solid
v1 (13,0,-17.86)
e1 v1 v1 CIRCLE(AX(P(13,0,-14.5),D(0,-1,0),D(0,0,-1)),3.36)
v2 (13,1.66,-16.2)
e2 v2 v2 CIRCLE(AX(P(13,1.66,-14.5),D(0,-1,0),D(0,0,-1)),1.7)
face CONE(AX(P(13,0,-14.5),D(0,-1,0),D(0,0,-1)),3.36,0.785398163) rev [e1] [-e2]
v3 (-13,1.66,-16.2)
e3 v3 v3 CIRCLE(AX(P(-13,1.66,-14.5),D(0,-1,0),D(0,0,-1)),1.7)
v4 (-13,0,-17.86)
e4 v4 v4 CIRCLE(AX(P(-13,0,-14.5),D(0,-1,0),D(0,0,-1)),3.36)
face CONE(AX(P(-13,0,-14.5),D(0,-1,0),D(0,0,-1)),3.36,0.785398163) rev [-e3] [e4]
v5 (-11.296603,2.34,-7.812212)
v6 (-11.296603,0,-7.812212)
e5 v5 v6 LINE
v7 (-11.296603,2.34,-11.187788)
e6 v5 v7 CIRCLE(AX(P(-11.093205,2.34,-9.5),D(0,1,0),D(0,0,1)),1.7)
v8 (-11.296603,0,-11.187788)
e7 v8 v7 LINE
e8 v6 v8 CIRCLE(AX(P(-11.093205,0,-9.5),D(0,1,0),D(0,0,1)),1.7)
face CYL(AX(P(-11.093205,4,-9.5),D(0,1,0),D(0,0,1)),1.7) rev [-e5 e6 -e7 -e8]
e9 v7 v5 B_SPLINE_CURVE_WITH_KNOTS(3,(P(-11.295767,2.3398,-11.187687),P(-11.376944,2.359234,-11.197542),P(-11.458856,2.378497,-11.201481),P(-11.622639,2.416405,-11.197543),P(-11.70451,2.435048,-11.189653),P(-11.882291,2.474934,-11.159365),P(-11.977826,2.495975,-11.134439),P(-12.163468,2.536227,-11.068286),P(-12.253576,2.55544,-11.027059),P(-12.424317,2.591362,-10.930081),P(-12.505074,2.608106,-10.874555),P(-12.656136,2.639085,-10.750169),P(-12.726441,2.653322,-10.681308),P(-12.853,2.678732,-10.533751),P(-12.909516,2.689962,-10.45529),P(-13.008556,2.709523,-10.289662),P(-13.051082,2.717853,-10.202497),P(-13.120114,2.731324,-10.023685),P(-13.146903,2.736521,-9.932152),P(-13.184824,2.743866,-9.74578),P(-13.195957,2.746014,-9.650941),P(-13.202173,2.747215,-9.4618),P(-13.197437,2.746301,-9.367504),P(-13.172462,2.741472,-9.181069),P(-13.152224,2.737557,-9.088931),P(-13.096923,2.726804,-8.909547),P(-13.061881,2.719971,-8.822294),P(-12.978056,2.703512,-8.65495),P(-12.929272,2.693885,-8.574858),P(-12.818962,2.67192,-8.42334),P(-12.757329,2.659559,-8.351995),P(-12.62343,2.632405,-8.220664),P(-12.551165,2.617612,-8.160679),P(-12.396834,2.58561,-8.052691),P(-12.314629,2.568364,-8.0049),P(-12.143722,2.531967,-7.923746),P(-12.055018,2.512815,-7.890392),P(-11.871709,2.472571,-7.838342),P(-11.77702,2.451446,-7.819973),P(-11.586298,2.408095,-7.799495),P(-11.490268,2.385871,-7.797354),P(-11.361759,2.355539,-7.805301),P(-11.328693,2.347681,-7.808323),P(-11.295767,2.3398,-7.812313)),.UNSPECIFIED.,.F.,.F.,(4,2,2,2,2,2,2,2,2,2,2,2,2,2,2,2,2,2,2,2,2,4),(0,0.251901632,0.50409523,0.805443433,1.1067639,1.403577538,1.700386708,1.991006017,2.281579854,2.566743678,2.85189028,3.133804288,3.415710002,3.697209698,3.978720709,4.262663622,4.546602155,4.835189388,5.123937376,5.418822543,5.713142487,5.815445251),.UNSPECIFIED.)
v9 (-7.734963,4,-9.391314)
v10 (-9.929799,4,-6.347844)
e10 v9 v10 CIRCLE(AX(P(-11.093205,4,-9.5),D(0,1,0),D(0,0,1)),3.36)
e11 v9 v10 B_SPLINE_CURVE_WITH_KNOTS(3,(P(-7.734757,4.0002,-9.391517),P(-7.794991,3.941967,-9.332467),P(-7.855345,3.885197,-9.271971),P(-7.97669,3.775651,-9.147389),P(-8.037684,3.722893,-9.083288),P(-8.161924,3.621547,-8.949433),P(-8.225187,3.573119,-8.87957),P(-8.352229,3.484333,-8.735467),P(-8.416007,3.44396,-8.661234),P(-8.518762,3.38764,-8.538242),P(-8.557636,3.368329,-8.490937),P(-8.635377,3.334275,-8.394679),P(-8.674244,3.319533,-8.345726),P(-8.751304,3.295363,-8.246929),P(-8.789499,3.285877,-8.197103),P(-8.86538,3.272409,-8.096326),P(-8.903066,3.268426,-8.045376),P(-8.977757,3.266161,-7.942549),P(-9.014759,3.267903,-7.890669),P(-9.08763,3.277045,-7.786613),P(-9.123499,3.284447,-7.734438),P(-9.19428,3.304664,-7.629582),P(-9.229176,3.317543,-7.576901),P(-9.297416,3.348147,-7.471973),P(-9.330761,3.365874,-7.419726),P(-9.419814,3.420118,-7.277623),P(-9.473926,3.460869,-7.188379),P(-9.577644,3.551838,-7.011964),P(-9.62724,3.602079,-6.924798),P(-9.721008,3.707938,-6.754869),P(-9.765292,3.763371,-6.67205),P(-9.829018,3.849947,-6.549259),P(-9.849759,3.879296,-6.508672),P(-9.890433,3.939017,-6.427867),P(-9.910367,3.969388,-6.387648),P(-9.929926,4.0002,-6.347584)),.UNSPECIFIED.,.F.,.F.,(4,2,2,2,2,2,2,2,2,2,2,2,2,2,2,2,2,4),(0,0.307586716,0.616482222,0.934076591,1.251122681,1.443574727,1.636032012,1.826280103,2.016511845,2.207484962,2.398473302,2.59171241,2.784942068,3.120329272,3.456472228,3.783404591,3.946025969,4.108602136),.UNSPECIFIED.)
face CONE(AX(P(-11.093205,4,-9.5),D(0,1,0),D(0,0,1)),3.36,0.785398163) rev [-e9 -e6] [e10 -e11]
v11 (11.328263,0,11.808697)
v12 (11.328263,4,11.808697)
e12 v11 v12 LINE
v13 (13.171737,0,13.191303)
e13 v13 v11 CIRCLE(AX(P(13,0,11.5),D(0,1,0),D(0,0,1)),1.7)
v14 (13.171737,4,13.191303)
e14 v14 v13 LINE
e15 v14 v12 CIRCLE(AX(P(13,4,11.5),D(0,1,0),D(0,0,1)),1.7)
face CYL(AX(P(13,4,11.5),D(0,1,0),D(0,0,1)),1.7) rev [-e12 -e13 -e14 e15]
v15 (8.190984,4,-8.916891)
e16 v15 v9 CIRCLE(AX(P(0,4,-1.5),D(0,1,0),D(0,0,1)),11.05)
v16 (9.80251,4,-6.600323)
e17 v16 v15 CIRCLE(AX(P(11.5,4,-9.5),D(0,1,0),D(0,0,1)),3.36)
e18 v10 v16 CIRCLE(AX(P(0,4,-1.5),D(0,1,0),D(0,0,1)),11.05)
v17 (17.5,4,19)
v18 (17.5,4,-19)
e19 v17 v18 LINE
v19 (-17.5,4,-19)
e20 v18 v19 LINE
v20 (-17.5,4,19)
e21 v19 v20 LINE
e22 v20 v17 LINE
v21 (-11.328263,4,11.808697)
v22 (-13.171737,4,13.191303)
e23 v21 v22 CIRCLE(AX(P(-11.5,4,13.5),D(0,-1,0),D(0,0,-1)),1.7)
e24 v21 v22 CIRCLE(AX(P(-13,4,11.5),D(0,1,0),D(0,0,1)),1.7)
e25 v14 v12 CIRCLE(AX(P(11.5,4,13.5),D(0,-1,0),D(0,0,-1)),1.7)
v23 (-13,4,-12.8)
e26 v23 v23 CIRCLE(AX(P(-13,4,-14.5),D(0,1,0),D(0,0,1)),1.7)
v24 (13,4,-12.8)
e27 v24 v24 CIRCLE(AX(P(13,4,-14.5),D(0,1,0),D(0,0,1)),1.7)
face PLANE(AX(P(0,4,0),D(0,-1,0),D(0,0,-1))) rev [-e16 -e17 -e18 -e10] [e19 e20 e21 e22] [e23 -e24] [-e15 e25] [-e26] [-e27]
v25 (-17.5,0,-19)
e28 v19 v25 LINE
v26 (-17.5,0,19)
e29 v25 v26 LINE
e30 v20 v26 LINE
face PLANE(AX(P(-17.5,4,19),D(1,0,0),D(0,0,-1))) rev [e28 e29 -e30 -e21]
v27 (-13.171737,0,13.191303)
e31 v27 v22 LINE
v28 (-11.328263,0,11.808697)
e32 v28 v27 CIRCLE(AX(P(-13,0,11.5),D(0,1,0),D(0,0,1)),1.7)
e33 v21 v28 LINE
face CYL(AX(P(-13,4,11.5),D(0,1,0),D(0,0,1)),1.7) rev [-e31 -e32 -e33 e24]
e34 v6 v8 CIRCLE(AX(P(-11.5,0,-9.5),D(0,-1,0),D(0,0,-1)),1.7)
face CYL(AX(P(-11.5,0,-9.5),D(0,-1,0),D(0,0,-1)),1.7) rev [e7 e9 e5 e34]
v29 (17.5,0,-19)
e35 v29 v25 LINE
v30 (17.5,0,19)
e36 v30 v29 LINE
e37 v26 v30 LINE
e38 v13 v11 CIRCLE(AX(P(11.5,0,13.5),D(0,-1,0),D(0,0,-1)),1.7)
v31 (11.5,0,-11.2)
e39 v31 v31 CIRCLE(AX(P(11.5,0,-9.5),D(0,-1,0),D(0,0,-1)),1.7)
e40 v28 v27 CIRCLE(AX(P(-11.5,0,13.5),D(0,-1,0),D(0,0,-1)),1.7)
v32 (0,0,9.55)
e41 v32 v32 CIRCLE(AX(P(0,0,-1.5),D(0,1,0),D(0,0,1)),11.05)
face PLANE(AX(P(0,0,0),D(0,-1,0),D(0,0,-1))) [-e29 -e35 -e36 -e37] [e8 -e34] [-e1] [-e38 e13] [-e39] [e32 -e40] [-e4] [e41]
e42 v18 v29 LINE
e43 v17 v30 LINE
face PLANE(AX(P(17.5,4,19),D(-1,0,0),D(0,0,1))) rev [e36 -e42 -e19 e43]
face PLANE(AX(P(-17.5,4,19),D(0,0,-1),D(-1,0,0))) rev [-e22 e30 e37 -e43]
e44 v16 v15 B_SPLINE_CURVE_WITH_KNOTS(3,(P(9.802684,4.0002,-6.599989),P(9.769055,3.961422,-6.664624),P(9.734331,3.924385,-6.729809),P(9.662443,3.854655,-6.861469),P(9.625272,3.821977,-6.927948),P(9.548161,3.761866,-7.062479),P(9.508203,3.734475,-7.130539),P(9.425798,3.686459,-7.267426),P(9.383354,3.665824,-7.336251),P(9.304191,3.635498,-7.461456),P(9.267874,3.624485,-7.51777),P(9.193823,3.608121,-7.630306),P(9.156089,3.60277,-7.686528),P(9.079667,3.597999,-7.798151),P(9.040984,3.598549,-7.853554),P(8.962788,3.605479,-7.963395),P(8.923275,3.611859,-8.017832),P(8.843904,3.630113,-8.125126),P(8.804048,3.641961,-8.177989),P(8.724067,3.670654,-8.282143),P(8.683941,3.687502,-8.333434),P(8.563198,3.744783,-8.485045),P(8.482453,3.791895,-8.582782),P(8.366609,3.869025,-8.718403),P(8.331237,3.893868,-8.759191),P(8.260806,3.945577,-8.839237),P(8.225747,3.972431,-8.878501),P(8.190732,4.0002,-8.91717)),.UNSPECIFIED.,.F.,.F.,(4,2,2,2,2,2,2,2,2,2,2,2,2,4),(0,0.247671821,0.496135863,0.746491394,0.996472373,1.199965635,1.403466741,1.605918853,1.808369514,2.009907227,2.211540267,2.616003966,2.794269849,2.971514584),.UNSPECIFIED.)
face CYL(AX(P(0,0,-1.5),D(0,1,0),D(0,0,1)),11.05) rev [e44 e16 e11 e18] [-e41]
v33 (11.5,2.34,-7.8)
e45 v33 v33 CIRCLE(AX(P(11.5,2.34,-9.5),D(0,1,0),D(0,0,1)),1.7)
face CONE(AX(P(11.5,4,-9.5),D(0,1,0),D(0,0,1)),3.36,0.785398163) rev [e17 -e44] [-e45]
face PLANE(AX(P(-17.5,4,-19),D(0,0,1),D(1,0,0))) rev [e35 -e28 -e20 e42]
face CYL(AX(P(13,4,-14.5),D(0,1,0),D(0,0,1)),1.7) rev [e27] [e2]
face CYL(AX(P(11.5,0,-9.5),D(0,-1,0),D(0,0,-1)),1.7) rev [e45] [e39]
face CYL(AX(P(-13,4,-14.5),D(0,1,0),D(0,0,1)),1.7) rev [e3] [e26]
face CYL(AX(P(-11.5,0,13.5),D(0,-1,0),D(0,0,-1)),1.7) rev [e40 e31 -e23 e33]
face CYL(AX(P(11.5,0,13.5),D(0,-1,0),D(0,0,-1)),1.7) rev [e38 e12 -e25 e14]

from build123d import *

# Parameters (mm, degrees)
SKETCH1_W                                            = 35
SKETCH1_H                                            = 38
BOSS_EXTRUDE1_DEPTH                                  = 4
M3_CLEARANCE_HOLE1_D                                 = 3.4
SKETCH4_R                                            = 11.05
CUT_EXTRUDE1_DEPTH                                   = 5
M3_CLEARANCE_HOLE2_D                                 = 3.4
CSK_FOR_M3_HEX_SOCKET_COUNTERSUNK_CAP_SC_D           = 3.4
CSK_FOR_M3_HEX_SOCKET_COUNTERSUNK_CAP_SC_CSINK_D     = 6.72
CSK_FOR_M3_HEX_SOCKET_COUNTERSUNK_CAP_SC_CSINK_ANGLE = 90
CSK_FOR_M3_HEX_SOCKET_COUNTERSUNK_CA_2_D             = 3.4
CSK_FOR_M3_HEX_SOCKET_COUNTERSUNK_CA_2_CSINK_D       = 6.72
CSK_FOR_M3_HEX_SOCKET_COUNTERSUNK_CA_2_CSINK_ANGLE   = 90


with BuildPart() as part:
    # Sketch1 → Boss-Extrude1 (new body)
    with BuildSketch(Plane(origin=(0, 0, 0), x_dir=(1, 0, 0), z_dir=(0, 1, 0))):
        Rectangle(SKETCH1_W, SKETCH1_H)
    extrude(amount=BOSS_EXTRUDE1_DEPTH)

    # M3 Clearance Hole1 (through all)
    with Locations(Plane(origin=(0, 0, 0), x_dir=(-1, 0, 0), z_dir=(0, -1, 0))):
        with Locations((-11.5, -13.5), (-11.5, 9.5), (11.5, 9.5), (11.5, -13.5)):
            Hole(M3_CLEARANCE_HOLE1_D / 2)

    # Sketch4 → Cut-Extrude1 (cut, through all)
    with BuildSketch(Plane(origin=(0, 4, 0), x_dir=(1, 0, 0), z_dir=(0, 1, 0))):
        with Locations((0, 1.5)):
            Circle(SKETCH4_R)
    extrude(amount=-CUT_EXTRUDE1_DEPTH, mode=Mode.SUBTRACT)

    # M3 Clearance Hole2 (through all)
    with Locations(Plane(origin=(0, 4, 0), x_dir=(1, 0, 0), z_dir=(0, 1, 0))):
        with Locations((-13, 14.5), (13, 14.5), (-13, -11.5), (13, -11.5)):
            Hole(M3_CLEARANCE_HOLE2_D / 2)

    # CSK for M3 Hex Socket Countersunk Cap Sc (through all)
    with Locations(Plane(origin=(0, 0, 0), x_dir=(-1, 0, 0), z_dir=(0, -1, 0))):
        with Locations((-13, 14.5), (13, 14.5)):
            CounterSinkHole(CSK_FOR_M3_HEX_SOCKET_COUNTERSUNK_CAP_SC_D / 2, CSK_FOR_M3_HEX_SOCKET_COUNTERSUNK_CAP_SC_CSINK_D / 2, counter_sink_angle=CSK_FOR_M3_HEX_SOCKET_COUNTERSUNK_CAP_SC_CSINK_ANGLE)

    # CSK for M3 Hex Socket Countersunk Ca 2 (through all)
    with Locations(Plane(origin=(0, 4, 0), x_dir=(1, 0, 0), z_dir=(0, 1, 0))):
        with Locations((11.5, 9.5), (-11.093205122, 9.5)):
            CounterSinkHole(CSK_FOR_M3_HEX_SOCKET_COUNTERSUNK_CA_2_D / 2, CSK_FOR_M3_HEX_SOCKET_COUNTERSUNK_CA_2_CSINK_D / 2, counter_sink_angle=CSK_FOR_M3_HEX_SOCKET_COUNTERSUNK_CA_2_CSINK_ANGLE)


solid = part.part
